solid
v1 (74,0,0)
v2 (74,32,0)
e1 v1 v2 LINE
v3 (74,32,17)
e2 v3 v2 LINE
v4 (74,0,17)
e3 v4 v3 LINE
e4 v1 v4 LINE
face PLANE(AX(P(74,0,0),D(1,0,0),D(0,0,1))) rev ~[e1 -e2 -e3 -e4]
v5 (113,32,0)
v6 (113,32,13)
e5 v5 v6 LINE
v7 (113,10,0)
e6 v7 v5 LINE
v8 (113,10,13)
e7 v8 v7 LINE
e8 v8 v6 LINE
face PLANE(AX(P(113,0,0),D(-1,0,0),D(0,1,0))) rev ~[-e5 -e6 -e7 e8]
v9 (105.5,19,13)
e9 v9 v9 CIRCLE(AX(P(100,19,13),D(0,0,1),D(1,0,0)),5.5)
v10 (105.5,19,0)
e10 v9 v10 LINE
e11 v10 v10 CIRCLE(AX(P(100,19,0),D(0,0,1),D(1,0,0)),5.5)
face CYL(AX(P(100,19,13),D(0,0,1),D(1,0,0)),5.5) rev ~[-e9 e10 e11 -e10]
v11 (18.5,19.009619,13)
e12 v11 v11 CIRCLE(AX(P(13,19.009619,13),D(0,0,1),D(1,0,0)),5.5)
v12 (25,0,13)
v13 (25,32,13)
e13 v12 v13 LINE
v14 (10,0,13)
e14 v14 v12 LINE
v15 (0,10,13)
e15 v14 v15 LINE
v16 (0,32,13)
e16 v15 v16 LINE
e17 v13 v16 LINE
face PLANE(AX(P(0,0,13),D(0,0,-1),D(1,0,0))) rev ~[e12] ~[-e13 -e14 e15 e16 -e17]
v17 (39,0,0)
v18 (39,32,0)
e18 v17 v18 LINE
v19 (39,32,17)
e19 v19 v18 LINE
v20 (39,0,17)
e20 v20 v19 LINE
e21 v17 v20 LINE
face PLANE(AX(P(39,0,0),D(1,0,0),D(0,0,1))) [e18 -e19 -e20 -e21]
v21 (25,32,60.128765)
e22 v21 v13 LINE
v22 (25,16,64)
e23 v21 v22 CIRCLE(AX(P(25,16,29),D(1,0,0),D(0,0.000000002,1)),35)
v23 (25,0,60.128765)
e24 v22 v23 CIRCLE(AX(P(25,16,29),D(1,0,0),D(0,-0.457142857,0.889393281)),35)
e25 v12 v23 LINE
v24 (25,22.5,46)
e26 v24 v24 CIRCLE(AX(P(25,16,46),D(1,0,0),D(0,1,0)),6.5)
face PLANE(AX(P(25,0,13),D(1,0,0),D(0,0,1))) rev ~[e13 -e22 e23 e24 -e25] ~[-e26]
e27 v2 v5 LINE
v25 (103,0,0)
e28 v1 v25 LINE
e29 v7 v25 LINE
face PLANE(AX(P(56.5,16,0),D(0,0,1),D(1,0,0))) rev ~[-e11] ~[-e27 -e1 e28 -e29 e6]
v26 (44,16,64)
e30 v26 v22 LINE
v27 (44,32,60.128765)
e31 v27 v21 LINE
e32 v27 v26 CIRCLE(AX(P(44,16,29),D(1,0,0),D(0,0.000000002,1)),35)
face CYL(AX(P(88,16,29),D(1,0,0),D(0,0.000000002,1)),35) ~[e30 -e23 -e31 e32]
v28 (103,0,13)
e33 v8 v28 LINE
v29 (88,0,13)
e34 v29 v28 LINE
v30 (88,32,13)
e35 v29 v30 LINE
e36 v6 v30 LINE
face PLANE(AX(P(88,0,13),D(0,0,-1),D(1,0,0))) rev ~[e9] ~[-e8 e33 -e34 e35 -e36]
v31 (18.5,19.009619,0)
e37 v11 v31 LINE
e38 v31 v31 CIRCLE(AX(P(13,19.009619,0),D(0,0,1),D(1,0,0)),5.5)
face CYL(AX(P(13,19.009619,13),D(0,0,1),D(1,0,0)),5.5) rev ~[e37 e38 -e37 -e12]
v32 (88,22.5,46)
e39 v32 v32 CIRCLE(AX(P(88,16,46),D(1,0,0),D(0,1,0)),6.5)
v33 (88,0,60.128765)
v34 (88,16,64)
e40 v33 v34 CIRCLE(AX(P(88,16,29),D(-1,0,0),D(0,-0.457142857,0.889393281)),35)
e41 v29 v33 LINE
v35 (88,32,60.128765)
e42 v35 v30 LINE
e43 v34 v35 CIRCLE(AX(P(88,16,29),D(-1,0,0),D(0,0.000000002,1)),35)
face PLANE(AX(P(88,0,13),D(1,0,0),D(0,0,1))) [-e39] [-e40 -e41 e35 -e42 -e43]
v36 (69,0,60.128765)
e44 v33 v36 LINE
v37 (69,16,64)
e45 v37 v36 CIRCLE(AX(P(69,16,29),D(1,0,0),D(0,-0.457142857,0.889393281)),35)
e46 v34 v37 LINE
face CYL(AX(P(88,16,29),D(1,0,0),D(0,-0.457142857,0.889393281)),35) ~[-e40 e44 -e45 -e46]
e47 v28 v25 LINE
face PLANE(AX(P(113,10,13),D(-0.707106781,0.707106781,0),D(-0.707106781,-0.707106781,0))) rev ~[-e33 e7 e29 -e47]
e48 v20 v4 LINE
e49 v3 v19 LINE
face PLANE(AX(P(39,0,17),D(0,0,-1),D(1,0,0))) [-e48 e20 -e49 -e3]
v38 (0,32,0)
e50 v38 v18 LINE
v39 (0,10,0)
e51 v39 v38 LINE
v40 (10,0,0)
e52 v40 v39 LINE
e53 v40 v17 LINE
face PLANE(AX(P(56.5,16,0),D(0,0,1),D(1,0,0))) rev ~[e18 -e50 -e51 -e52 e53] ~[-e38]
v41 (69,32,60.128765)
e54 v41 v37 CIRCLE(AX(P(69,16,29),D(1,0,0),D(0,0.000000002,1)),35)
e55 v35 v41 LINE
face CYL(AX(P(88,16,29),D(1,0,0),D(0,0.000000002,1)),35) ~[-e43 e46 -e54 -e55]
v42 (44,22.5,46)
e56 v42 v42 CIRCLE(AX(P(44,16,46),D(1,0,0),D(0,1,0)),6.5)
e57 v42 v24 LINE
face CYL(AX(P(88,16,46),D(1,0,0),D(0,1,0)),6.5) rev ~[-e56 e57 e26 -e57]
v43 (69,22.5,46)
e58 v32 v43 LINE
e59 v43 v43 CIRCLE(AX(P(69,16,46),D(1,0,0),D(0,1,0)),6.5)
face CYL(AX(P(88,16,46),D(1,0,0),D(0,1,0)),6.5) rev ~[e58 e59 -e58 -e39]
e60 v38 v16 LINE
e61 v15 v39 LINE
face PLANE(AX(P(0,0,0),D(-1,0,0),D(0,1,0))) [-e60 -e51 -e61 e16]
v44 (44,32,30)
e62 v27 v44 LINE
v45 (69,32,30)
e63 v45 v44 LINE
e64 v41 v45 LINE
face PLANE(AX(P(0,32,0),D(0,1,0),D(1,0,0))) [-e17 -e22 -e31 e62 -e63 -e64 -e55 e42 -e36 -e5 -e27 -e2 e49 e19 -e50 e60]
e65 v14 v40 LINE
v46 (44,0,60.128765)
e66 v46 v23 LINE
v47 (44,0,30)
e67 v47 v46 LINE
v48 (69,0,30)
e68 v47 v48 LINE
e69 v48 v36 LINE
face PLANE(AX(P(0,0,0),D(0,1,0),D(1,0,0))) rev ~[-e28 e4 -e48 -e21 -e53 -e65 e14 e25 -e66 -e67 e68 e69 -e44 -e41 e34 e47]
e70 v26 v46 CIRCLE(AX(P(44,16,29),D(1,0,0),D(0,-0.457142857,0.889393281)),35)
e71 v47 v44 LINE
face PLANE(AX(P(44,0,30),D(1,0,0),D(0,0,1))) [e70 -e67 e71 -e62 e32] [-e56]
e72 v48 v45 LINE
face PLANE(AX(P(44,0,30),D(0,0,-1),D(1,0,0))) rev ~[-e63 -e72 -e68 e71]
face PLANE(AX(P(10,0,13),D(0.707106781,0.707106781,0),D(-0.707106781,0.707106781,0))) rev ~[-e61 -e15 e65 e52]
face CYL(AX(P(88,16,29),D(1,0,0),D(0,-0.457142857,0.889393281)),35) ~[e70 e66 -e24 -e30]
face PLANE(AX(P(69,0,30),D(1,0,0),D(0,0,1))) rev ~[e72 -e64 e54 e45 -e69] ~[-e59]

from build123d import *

# Parameters (mm, degrees)
F0_W      = 113
F0_H      = 32
F1_DEPTH  = 64
F2_W      = 35
F2_H      = 17
F3_DEPTH  = 32.001
F4_W      = 25
F4_H      = 34
F5_DEPTH  = 32.001
F6_W      = 25
F6_H      = 51
F7_DEPTH  = 32.001
F8_R      = 5.5
F9_DEPTH  = 13.001
F10_R     = 6.5
F11_DEPTH = 88.001
F14_DEPTH = 13.001
F16_DEPTH = 88.001


with BuildPart() as f1:
    # F0 (on Top) → F1 (new body)
    with BuildSketch(Plane.XY):
        with Locations((56.5, 16)):
            Rectangle(F0_W, F0_H)
    extrude(amount=F1_DEPTH)

    # F2 (on face) → F3 (cut, through all)
    with BuildSketch(Plane.XZ):
        with Locations((56.5, 8.5)):
            Rectangle(F2_W, F2_H)
    extrude(amount=-F3_DEPTH, mode=Mode.SUBTRACT)

    # F4 (on face) → F5 (cut, through all)
    with BuildSketch(Plane.XZ):
        with Locations((56.5, 47)):
            Rectangle(F4_W, F4_H)
    extrude(amount=-F5_DEPTH, mode=Mode.SUBTRACT)

    # F6 (on face) → F7 (cut, through all)
    with BuildSketch(Plane.XZ):
        with Locations((12.5, 38.5)):
            Rectangle(F6_W, F6_H)
        with Locations((100.5, 38.5)):
            Rectangle(F6_W, F6_H)
    extrude(amount=-F7_DEPTH, mode=Mode.SUBTRACT)

    # F8 (on face) → F9 (cut, through all)
    with BuildSketch(Plane.XY.offset(13)):
        with Locations((100, 19)):
            Circle(F8_R)
        with Locations((13, 19.0096189432)):
            Circle(F8_R)
    extrude(amount=-F9_DEPTH, mode=Mode.SUBTRACT)

    # F10 (on face) → F11 (cut, through all)
    with BuildSketch(Plane.YZ.offset(88)):
        with Locations((16, 46)):
            Circle(F10_R)
    extrude(amount=-F11_DEPTH, mode=Mode.SUBTRACT)

    # F12 (on face) + F13 (on face) → F14 (cut, through all)
    with BuildSketch(Plane.XY.offset(13)):
        Polygon((10, 0), (0, 10), (0, 0), align=None)
    with BuildSketch(Plane.XY.offset(13)):
        Polygon((113, 0), (113, 10), (103, 0), align=None)
    extrude(amount=-F14_DEPTH, mode=Mode.SUBTRACT)

    # F15 (on face) → F16 (cut, through all)
    with BuildSketch(Plane.YZ.offset(88)):
        with BuildLine():
            ThreePointArc((0, 60.1287648325), (7.7691668232, 63.018427142), (16.0000000808, 64))
            Line((16.0000000808, 64), (0, 64))
            Line((0, 64), (0, 60.1287648325))
        make_face()
        with BuildLine():
            ThreePointArc((16.0000000808, 64), (24.2308332553, 63.018427123), (32, 60.1287648325))
            Line((32, 60.1287648325), (32, 64))
            Line((32, 64), (16.0000000808, 64))
        make_face()
    extrude(amount=-F16_DEPTH, mode=Mode.SUBTRACT)


solid = f1.part
